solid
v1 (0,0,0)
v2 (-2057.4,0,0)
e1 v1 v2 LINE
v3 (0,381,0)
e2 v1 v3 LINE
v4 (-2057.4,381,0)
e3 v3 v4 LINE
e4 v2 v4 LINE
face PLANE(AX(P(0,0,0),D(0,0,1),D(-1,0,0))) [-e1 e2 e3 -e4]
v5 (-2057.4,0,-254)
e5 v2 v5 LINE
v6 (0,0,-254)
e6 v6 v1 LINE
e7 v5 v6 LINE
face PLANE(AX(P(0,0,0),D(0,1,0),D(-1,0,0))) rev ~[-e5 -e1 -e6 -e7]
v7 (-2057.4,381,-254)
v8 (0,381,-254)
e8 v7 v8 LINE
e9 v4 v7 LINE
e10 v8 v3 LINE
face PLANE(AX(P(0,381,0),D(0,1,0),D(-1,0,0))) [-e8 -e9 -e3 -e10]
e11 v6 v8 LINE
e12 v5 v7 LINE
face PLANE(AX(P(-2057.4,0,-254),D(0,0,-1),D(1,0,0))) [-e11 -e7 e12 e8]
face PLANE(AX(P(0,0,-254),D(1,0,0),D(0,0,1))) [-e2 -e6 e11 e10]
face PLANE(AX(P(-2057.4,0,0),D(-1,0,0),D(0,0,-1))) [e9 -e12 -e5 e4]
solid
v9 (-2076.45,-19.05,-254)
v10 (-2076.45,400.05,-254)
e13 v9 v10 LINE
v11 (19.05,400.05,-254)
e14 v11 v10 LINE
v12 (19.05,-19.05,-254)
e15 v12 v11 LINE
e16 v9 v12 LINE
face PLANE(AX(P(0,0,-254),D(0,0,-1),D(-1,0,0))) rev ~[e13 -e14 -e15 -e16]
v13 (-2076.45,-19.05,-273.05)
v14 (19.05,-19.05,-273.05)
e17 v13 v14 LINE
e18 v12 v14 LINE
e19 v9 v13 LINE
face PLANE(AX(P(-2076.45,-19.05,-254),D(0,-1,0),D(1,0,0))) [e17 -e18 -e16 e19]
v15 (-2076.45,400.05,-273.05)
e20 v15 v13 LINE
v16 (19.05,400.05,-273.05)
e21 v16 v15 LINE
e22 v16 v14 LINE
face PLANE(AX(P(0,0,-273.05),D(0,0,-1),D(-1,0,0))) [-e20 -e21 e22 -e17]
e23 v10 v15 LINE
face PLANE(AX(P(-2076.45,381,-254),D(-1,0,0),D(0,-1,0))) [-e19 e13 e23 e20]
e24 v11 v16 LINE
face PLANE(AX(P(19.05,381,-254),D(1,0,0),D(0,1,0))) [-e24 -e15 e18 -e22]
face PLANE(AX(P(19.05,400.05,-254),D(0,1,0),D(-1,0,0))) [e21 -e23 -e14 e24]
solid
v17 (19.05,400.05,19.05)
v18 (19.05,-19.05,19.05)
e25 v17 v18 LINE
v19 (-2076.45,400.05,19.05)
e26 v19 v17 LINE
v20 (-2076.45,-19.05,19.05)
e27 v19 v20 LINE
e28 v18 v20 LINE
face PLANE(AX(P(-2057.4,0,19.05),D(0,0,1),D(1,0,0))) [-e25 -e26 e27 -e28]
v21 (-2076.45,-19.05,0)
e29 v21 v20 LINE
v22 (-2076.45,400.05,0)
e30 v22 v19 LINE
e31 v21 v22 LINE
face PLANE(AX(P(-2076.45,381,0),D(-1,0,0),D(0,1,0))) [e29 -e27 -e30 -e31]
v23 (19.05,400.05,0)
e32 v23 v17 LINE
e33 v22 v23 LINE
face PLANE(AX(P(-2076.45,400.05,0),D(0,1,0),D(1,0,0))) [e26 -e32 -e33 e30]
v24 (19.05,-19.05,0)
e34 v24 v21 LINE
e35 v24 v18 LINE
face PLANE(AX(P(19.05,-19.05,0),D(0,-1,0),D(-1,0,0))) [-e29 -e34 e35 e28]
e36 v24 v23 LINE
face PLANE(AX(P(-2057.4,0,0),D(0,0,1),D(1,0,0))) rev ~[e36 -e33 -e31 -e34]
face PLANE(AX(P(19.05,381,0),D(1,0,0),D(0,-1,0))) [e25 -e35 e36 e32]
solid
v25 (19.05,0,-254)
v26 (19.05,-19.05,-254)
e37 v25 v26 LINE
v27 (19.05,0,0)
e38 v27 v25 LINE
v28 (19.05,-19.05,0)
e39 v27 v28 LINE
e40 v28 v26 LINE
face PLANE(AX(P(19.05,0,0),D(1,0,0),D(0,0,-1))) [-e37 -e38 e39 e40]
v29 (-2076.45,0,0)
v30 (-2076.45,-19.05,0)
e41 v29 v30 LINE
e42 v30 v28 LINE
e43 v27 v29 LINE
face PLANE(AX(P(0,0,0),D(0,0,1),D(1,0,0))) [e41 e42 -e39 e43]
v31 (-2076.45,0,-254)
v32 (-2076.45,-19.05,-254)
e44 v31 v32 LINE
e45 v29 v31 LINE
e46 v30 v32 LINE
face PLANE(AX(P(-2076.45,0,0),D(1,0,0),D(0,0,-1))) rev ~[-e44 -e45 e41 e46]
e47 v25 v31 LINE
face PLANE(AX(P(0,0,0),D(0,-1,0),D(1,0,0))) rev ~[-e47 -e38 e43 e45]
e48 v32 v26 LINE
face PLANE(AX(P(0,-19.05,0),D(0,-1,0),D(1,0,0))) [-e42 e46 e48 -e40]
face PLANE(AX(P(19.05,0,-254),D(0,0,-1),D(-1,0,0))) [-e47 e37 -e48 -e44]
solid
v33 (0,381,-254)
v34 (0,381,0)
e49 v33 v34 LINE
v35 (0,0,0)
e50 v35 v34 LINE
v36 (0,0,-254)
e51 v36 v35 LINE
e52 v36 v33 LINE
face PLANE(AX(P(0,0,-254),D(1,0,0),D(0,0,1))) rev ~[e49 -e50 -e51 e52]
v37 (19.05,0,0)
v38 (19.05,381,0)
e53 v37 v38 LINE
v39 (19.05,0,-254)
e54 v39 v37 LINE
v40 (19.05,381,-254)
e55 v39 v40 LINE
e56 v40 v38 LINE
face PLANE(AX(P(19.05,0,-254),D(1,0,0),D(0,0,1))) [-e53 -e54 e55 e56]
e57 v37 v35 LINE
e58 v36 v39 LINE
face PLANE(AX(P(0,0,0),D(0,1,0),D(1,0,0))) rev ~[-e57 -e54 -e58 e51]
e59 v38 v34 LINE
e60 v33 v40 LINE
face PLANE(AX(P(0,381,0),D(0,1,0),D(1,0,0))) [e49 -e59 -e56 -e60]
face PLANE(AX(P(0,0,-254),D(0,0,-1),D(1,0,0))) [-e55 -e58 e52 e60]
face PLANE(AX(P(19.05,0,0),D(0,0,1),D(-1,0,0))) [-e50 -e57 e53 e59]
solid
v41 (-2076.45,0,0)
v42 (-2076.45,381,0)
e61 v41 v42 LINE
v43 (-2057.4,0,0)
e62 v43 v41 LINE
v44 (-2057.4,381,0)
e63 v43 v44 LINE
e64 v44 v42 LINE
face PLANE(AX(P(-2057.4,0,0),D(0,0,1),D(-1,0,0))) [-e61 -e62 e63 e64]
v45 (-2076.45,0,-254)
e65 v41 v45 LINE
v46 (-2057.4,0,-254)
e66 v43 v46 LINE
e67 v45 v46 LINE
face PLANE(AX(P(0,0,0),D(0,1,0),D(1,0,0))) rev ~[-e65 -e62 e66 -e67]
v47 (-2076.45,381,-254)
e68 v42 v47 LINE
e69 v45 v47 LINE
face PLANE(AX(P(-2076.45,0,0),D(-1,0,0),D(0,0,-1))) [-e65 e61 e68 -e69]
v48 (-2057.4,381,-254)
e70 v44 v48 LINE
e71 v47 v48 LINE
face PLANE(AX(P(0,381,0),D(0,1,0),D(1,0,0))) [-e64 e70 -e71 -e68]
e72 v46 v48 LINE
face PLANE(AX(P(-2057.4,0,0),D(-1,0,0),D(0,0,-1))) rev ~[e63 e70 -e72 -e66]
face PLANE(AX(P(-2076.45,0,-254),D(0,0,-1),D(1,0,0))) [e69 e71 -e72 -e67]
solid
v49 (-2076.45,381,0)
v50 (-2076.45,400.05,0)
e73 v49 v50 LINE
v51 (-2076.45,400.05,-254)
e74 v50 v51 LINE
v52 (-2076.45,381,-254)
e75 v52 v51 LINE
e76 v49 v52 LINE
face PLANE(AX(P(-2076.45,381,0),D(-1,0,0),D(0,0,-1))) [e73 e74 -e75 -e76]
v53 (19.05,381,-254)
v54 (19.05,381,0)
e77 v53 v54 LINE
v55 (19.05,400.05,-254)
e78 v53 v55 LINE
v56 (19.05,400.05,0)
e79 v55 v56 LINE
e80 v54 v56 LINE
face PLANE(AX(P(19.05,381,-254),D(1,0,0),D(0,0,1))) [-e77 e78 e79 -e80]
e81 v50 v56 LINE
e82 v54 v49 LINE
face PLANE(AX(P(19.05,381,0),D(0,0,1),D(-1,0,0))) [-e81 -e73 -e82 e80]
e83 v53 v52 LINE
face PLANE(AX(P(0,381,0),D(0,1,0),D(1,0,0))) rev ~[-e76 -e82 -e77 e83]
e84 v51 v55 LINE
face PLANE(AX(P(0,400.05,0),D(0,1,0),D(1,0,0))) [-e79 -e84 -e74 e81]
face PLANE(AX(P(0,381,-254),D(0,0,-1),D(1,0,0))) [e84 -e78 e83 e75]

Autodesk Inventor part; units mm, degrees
ref_plane "YZ Plane" through (0, 0, 0) normal (1, 0, 0) x (0, 1, 0)
ref_plane "XZ Plane" through (0, 0, 0) normal (0, 1, 0) x (-1, 0, 0)
ref_plane "XY Plane" through (0, 0, 0) normal (0, 0, 1) x (1, 0, 0)
sketch "Sketch1" plane through (0, 0, 0) normal (0, 1, 0) x (-1, 0, 0)
  line L0 (0, 0) -> (2057.4, 0)
  line L1 (2057.4, 0) -> (2057.4, -254)
  line L2 (2057.4, -254) -> (0, -254)
  line L3 (0, -254) -> (0, 0)
  dimension "d0" = 2057.4
  dimension "d1" = 254
extrude "Extrusion1" add sketch "Sketch1" along normal blind 381
sketch "Sketch2" plane through (0, 0, 0) normal (0, -1, 0) x (1, 0, 0)
  line L0 (0, 0) -> (0, -254) projected
  line L1 (0, -254) -> (-2057.4, -254) projected
  line L2 (-2057.4, -254) -> (-2057.4, 0) projected
  line L3 (-2057.4, 0) -> (0, 0) projected
  line L4 (-2057.4, 0) -> (0, 0) projected
  line L5 (0, 0) -> (19.05, 0)
  line L6 (19.05, 0) -> (19.05, -254)
  line L7 (19.05, -254) -> (0, -254)
  line L8 (0, -254) -> (0, 0)
  line L9 (-2057.4, 0) -> (-2076.45, 0)
  line L10 (-2076.45, 0) -> (-2076.45, -254)
  line L11 (-2076.45, -254) -> (-2057.4, -254)
  line L12 (-2057.4, -254) -> (-2057.4, 0)
  dimension "d4" = 19.05
  dimension "d5" = 19.05
  dimension "d6" = 0
extrude "Extrusion2" add sketch "Sketch2" along normal blind 19.05 separate body
sketch "Sketch3" plane through (0, 0, 0) normal (0, 1, 0) x (1, 0, 0)
  line L0 (0, 254) -> (0, 0) projected
  line L1 (0, 0) -> (-2057.4, 0) projected
  line L2 (-2057.4, 0) -> (-2057.4, 254) projected
  line L3 (-2057.4, 254) -> (0, 254) projected
  line L4 (19.05, 0) -> (-2076.45, 0) projected
  line L5 (-2076.45, 0) -> (-2076.45, 254) projected
  line L6 (-2076.45, 254) -> (19.05, 254) projected
  line L7 (19.05, 254) -> (19.05, 0) projected
extrude "Extrusion3" add sketch "Sketch3" along normal up to surface (381 mm away) separate body contours L6 L7 L4 L0 | L2 L4 L5 L6
sketch "Sketch4" plane through (0, 381, 0) normal (0, 1, 0) x (1, 0, 0)
  line L0 (0, 254) -> (0, 0) projected
  line L1 (0, 0) -> (-2057.4, 0) projected
  line L2 (-2057.4, 0) -> (-2057.4, 254) projected
  line L3 (-2057.4, 254) -> (0, 254) projected
  line L4 (-2057.4, 254) -> (-2057.4, 0) projected
  line L5 (-2057.4, 0) -> (-2076.45, 0) projected
  line L6 (-2076.45, 0) -> (-2076.45, 254) projected
  line L7 (-2076.45, 254) -> (-2057.4, 254) projected
  line L8 (19.05, 254) -> (19.05, 0) projected
  line L9 (19.05, 0) -> (0, 0) projected
  line L10 (0, 0) -> (0, 254) projected
  line L11 (0, 254) -> (19.05, 254) projected
extrude "Extrusion4" add sketch "Sketch4" along normal blind 19.05 separate body
sketch "Sketch5" plane through (-2057.4, 0, 0) normal (0, 0, 1) x (1, 0, 0)
  line L0 (2057.4, 381) -> (2057.4, 0) projected
  line L1 (2057.4, 0) -> (0, 0) projected
  line L2 (0, 0) -> (0, 381) projected
  line L3 (0, 381) -> (2057.4, 381) projected
  line L4 (-19.05, 0) -> (2076.45, 0) projected
  line L5 (2076.45, 0) -> (2076.45, -19.05) projected
  line L6 (2076.45, -19.05) -> (-19.05, -19.05) projected
  line L7 (-19.05, -19.05) -> (-19.05, 0) projected
  line L8 (0, 381) -> (0, 0) projected
  line L9 (0, 0) -> (-19.05, 0) projected
  line L10 (-19.05, 0) -> (-19.05, 381) projected
  line L11 (-19.05, 381) -> (0, 381) projected
  line L12 (2076.45, 0) -> (2057.4, 0) projected
  line L13 (2057.4, 0) -> (2057.4, 381) projected
  line L14 (2057.4, 381) -> (2076.45, 381) projected
  line L15 (2076.45, 381) -> (2076.45, 0) projected
  line L16 (2076.45, 400.05) -> (2076.45, 381) projected
  line L17 (2076.45, 381) -> (-19.05, 381) projected
  line L18 (-19.05, 381) -> (-19.05, 400.05) projected
  line L19 (-19.05, 400.05) -> (2076.45, 400.05) projected
extrude "Extrusion5" add sketch "Sketch5" along normal blind 19.05 separate body
sketch "Sketch6" plane through (0, 0, -254) normal (0, 0, -1) x (-1, 0, 0)
  line L0 (2057.4, 381) -> (2057.4, 0) projected
  line L1 (2057.4, 0) -> (0, 0) projected
  line L2 (0, 0) -> (0, 381) projected
  line L3 (0, 381) -> (2057.4, 381) projected
  line L4 (-19.05, -19.05) -> (-19.05, 0) projected
  line L5 (-19.05, 0) -> (2076.45, 0) projected
  line L6 (2076.45, 0) -> (2076.45, -19.05) projected
  line L7 (2076.45, -19.05) -> (-19.05, -19.05) projected
  line L8 (2076.45, 381) -> (2076.45, 0) projected
  line L9 (2076.45, 0) -> (2057.4, 0) projected
  line L10 (2057.4, 0) -> (2057.4, 381) projected
  line L11 (2057.4, 381) -> (2076.45, 381) projected
  line L12 (0, 0) -> (-19.05, 0) projected
  line L13 (-19.05, 0) -> (-19.05, 381) projected
  line L14 (-19.05, 381) -> (0, 381) projected
  line L15 (0, 381) -> (0, 0) projected
  line L16 (2076.45, 381) -> (-19.05, 381) projected
  line L17 (-19.05, 381) -> (-19.05, 400.05) projected
  line L18 (-19.05, 400.05) -> (2076.45, 400.05) projected
  line L19 (2076.45, 400.05) -> (2076.45, 381) projected
extrude "Extrusion6" add sketch "Sketch6" along normal blind 19.05 separate body
properties part number "0.75 box for battery pack"
